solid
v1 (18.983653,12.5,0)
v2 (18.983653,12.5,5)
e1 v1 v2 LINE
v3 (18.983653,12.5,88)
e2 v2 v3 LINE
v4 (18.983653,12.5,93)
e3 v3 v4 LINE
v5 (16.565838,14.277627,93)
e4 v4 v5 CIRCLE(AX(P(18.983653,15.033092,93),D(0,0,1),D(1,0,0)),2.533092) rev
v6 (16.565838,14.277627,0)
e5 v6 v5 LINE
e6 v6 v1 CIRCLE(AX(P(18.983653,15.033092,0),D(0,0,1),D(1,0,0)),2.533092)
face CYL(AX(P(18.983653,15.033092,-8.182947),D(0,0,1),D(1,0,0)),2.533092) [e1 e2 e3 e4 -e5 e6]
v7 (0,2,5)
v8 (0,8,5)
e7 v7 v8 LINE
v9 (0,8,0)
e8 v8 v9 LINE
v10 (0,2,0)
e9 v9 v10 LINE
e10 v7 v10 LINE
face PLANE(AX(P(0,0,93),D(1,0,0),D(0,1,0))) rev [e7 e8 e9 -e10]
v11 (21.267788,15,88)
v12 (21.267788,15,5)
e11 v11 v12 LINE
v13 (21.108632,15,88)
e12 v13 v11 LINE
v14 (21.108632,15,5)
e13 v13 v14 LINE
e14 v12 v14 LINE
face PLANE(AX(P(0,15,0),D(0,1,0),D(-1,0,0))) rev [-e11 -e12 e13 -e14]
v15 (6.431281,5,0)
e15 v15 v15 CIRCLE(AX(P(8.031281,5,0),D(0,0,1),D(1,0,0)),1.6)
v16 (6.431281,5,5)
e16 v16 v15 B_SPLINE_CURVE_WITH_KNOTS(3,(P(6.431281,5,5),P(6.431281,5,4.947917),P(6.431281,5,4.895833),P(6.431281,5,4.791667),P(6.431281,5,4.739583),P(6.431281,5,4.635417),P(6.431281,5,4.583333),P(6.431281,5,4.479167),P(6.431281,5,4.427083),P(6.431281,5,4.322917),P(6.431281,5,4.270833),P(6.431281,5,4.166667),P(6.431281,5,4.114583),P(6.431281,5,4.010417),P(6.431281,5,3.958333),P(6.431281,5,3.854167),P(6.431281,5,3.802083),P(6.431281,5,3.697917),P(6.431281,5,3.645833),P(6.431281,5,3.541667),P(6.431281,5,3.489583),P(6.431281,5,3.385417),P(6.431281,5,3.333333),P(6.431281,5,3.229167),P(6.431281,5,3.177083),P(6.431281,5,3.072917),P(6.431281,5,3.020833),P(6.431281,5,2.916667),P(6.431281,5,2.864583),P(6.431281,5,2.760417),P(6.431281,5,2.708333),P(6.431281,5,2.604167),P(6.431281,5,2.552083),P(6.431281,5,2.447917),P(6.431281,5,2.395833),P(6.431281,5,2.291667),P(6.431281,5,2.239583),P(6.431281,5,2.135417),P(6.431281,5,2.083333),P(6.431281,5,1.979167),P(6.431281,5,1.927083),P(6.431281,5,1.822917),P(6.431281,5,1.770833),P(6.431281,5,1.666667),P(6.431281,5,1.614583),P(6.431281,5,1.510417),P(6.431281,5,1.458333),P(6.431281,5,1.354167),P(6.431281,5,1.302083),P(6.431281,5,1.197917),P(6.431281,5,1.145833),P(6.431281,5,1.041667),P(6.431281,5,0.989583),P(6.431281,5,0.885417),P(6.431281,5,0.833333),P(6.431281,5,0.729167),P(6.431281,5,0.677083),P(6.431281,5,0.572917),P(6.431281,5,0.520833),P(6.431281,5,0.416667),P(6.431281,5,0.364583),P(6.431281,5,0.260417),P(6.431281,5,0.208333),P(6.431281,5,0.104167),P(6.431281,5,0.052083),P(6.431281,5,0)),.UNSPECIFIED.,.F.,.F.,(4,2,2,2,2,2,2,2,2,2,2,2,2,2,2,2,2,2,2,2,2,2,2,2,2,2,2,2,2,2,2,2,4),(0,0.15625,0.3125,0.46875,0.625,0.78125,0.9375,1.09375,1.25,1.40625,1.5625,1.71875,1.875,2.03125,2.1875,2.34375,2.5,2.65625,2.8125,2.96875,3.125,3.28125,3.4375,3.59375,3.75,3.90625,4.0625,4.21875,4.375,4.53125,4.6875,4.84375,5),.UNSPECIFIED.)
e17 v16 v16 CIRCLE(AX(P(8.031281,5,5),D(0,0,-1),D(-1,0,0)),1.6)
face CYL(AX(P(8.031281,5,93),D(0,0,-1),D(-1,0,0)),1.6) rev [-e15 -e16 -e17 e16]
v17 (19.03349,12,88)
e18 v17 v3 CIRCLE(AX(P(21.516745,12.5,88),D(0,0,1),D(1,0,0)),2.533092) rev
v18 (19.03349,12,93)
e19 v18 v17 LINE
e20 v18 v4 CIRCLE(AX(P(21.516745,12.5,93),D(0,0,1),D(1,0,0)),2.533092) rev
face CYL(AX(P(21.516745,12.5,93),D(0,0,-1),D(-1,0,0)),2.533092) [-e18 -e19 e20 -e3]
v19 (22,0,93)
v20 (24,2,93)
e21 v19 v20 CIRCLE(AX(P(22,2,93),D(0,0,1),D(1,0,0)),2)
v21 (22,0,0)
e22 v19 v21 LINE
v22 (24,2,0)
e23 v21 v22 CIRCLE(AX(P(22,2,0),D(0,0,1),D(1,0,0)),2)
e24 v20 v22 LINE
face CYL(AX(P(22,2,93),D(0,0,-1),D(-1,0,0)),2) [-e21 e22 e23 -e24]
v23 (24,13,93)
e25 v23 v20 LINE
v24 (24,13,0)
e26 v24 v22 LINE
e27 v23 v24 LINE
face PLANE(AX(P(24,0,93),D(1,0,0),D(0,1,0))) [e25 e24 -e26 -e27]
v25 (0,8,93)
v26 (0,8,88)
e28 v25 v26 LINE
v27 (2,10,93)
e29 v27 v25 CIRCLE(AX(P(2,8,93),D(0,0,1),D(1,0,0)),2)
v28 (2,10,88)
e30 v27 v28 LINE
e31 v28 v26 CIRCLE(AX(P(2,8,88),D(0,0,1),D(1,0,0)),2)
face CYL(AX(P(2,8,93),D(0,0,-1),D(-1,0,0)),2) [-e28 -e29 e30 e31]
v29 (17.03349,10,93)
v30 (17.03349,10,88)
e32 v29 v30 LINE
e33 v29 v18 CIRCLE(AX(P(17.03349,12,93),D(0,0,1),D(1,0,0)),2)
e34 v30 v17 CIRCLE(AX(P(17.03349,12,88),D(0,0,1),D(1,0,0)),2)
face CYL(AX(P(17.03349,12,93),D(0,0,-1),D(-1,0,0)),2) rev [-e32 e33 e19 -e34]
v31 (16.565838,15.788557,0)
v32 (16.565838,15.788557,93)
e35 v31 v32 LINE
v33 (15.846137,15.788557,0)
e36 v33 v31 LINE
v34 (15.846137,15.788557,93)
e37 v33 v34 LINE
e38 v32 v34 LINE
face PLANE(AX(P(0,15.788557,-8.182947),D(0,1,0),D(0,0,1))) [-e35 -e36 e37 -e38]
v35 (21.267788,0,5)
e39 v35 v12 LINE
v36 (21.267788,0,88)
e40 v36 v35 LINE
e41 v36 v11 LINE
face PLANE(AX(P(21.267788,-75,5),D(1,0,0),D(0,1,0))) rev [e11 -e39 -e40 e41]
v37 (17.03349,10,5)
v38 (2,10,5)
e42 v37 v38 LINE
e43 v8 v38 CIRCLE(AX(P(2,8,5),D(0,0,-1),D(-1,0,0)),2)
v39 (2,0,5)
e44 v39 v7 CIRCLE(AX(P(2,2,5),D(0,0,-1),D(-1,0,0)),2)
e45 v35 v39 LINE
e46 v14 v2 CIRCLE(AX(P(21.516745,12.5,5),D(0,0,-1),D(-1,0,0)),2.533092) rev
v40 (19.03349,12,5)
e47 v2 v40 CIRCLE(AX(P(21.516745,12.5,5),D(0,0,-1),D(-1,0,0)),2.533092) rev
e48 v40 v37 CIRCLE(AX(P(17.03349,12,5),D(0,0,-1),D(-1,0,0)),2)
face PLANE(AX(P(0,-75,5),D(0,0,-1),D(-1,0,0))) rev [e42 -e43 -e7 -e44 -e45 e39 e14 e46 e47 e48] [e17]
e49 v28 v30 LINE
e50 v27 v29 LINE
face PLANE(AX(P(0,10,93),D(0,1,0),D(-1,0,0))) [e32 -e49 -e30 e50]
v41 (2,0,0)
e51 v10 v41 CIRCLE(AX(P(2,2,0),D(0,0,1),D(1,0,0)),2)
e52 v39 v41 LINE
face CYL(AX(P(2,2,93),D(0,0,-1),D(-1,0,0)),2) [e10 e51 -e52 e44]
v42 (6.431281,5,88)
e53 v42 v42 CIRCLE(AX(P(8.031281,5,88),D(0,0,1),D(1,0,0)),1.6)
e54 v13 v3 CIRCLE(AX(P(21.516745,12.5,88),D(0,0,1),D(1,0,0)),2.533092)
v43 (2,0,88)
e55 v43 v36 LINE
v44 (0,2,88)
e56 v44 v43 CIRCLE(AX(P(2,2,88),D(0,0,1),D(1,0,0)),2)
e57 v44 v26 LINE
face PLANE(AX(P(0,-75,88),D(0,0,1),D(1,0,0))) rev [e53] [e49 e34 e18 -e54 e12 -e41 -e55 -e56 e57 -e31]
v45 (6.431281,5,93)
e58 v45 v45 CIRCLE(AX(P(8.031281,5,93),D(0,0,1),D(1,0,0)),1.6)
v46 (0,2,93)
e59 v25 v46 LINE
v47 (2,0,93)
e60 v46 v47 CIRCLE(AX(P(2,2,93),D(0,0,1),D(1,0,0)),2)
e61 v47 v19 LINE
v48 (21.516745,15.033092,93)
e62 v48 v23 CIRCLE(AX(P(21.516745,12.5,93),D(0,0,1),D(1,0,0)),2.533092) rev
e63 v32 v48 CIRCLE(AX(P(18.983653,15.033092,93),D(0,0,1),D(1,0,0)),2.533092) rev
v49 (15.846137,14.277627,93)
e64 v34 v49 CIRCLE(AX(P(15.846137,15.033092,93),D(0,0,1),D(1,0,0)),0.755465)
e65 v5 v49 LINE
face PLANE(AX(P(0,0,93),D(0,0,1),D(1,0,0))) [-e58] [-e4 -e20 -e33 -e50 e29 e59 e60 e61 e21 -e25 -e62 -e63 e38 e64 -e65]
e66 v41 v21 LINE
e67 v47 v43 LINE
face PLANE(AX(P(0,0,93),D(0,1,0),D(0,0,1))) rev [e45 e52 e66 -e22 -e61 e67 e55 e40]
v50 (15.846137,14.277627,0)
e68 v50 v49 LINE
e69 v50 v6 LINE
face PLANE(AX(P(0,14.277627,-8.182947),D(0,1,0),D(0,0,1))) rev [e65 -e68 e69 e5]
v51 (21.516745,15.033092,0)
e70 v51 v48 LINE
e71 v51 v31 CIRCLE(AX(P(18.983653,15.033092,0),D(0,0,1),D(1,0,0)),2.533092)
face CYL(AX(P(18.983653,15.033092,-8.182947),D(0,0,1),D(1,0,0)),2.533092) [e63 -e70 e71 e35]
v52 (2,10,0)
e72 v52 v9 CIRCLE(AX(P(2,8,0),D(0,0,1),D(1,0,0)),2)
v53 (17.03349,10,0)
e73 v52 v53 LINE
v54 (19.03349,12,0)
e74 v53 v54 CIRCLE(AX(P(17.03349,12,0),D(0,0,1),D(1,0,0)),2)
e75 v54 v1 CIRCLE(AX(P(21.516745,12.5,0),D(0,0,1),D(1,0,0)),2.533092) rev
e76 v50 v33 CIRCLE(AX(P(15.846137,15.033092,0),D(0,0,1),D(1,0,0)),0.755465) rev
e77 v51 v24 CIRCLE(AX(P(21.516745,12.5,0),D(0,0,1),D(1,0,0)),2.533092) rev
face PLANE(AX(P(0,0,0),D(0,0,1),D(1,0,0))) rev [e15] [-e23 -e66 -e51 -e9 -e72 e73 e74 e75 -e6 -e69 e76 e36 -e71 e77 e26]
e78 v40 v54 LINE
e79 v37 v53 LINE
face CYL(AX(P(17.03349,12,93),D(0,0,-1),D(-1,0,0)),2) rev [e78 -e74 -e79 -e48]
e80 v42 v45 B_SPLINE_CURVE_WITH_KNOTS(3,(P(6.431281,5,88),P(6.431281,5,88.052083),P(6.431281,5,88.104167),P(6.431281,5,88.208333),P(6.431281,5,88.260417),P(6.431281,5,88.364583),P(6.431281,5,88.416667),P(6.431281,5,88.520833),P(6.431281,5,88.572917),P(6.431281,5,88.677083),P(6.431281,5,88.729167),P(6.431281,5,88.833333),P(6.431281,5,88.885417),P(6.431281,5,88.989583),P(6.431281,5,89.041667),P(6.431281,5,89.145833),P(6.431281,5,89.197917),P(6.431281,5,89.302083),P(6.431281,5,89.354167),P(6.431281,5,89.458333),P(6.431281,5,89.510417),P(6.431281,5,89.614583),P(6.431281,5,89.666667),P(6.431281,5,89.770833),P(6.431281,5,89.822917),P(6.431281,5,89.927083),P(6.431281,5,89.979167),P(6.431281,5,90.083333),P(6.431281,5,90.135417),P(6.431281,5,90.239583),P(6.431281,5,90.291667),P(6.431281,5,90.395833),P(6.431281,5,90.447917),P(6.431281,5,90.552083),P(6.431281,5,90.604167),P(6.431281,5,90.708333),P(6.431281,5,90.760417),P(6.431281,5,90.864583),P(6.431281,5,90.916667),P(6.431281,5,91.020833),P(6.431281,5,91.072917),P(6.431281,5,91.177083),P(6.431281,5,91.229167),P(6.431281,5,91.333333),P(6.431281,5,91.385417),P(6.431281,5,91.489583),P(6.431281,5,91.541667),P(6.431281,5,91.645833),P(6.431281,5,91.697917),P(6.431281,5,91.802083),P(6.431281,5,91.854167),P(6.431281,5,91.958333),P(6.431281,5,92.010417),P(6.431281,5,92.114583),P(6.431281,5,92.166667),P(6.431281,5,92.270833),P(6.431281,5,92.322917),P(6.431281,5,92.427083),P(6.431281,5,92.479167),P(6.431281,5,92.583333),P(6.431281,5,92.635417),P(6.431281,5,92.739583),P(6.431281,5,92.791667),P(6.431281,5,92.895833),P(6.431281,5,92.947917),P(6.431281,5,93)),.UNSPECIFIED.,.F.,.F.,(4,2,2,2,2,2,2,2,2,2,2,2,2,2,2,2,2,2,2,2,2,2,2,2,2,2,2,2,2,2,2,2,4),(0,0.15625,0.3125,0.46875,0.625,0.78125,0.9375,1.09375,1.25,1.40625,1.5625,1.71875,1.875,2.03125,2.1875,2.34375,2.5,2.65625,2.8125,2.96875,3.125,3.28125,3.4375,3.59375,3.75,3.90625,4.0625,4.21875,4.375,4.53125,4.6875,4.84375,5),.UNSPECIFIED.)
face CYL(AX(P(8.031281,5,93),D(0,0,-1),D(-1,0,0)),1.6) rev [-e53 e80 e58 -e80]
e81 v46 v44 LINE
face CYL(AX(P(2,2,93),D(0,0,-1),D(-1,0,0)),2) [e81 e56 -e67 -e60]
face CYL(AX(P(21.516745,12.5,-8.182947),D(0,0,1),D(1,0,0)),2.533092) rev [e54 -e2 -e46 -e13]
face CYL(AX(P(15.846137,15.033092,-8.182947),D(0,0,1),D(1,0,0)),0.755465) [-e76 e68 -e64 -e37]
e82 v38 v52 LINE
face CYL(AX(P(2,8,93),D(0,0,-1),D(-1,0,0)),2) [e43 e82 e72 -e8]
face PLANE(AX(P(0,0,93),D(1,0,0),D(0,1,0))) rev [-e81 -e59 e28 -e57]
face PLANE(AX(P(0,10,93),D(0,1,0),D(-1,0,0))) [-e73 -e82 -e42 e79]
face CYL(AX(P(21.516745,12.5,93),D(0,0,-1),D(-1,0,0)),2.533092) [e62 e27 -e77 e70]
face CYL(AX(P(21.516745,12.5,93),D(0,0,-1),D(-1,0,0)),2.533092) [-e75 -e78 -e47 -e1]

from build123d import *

# Parameters (mm, degrees)
SKETCH1_R           = 1.6
BOSS_EXTRUDE1_DEPTH = 93
SKETCH3_W           = 21.267787972
SKETCH3_H           = 83
CUT_EXTRUDE2_DEPTH  = 90
BOSS_EXTRUDE4_REACH = 99.216


with BuildPart() as part:
    # Sketch1 → Boss-Extrude1 (new body)
    with BuildSketch(Plane.XY):
        with BuildLine():
            Line((17.033489737, 10), (2, 10))
            ThreePointArc((2, 10), (0.585786438, 9.414213562), (0, 8))
            Line((0, 8), (0, 2))
            ThreePointArc((0, 2), (0.585786438, 0.585786438), (2, 0))
            Line((2, 0), (20.255670014, 0))
            Line((20.255670014, 0), (22, 0))
            ThreePointArc((22, 0), (23.414213562, 0.585786438), (24, 2))
            Line((24, 2), (24, 10))
            Line((24, 10), (24, 13))
            ThreePointArc((24, 13), (21.016744869, 14.983255131), (19.033489737, 12))
            ThreePointArc((19.033489737, 12), (18.447703299, 10.585786438), (17.033489737, 10))
        make_face()
        with Locations(Location((8.031280577, 5, 0), (0, 0, 180))):
            Circle(SKETCH1_R, mode=Mode.SUBTRACT)
    extrude(amount=BOSS_EXTRUDE1_DEPTH)

    # Sketch3 → Cut-Extrude2 (cut)
    with BuildSketch(Plane(origin=(0, 15, 0), x_dir=(1, 0, 0), z_dir=(0, 1, 0))):
        with Locations((10.633893986, -46.5)):
            Rectangle(SKETCH3_W, SKETCH3_H)
    extrude(amount=-CUT_EXTRUDE2_DEPTH, mode=Mode.SUBTRACT)

    # Boss-Extrude4: up to this face of the body (flat: up to its plane)
    boss_extrude4_end = Plane(part.part.faces().sort_by_distance((13.034633822, 5.682959989, 0))[0])
    # Sketch4 → Boss-Extrude4 (add, up to the picked face)
    with BuildSketch(Plane.XY.offset(93), mode=Mode.PRIVATE) as boss_extrude4_sk1:
        with BuildLine():
            ThreePointArc((21.516744869, 15.033092191), (19.36575731, 17.537199237), (16.565837736, 15.78855692))
            Line((16.565837736, 15.78855692), (15.846137498, 15.78855692))
            ThreePointArc((15.846137498, 15.78855692), (15.090672769, 15.033092191), (15.846137498, 14.277627462))
            Line((15.846137498, 14.277627462), (16.565837736, 14.277627462))
            ThreePointArc((16.565837736, 14.277627462), (17.483170381, 12.992232341), (18.983652678, 12.5))
            ThreePointArc((18.983652678, 12.5), (19.725578203, 14.291166666), (21.516744869, 15.033092191))
        make_face()
    boss_extrude4_tool1 = split(extrude(boss_extrude4_sk1.sketch, amount=-BOSS_EXTRUDE4_REACH, mode=Mode.PRIVATE), bisect_by=boss_extrude4_end, keep=Keep.BOTH, mode=Mode.PRIVATE)
    add(boss_extrude4_tool1.solids().sort_by(Axis((18.413371, 15.285709, 93), (0, 0, -1)))[0])


solid = part.part
